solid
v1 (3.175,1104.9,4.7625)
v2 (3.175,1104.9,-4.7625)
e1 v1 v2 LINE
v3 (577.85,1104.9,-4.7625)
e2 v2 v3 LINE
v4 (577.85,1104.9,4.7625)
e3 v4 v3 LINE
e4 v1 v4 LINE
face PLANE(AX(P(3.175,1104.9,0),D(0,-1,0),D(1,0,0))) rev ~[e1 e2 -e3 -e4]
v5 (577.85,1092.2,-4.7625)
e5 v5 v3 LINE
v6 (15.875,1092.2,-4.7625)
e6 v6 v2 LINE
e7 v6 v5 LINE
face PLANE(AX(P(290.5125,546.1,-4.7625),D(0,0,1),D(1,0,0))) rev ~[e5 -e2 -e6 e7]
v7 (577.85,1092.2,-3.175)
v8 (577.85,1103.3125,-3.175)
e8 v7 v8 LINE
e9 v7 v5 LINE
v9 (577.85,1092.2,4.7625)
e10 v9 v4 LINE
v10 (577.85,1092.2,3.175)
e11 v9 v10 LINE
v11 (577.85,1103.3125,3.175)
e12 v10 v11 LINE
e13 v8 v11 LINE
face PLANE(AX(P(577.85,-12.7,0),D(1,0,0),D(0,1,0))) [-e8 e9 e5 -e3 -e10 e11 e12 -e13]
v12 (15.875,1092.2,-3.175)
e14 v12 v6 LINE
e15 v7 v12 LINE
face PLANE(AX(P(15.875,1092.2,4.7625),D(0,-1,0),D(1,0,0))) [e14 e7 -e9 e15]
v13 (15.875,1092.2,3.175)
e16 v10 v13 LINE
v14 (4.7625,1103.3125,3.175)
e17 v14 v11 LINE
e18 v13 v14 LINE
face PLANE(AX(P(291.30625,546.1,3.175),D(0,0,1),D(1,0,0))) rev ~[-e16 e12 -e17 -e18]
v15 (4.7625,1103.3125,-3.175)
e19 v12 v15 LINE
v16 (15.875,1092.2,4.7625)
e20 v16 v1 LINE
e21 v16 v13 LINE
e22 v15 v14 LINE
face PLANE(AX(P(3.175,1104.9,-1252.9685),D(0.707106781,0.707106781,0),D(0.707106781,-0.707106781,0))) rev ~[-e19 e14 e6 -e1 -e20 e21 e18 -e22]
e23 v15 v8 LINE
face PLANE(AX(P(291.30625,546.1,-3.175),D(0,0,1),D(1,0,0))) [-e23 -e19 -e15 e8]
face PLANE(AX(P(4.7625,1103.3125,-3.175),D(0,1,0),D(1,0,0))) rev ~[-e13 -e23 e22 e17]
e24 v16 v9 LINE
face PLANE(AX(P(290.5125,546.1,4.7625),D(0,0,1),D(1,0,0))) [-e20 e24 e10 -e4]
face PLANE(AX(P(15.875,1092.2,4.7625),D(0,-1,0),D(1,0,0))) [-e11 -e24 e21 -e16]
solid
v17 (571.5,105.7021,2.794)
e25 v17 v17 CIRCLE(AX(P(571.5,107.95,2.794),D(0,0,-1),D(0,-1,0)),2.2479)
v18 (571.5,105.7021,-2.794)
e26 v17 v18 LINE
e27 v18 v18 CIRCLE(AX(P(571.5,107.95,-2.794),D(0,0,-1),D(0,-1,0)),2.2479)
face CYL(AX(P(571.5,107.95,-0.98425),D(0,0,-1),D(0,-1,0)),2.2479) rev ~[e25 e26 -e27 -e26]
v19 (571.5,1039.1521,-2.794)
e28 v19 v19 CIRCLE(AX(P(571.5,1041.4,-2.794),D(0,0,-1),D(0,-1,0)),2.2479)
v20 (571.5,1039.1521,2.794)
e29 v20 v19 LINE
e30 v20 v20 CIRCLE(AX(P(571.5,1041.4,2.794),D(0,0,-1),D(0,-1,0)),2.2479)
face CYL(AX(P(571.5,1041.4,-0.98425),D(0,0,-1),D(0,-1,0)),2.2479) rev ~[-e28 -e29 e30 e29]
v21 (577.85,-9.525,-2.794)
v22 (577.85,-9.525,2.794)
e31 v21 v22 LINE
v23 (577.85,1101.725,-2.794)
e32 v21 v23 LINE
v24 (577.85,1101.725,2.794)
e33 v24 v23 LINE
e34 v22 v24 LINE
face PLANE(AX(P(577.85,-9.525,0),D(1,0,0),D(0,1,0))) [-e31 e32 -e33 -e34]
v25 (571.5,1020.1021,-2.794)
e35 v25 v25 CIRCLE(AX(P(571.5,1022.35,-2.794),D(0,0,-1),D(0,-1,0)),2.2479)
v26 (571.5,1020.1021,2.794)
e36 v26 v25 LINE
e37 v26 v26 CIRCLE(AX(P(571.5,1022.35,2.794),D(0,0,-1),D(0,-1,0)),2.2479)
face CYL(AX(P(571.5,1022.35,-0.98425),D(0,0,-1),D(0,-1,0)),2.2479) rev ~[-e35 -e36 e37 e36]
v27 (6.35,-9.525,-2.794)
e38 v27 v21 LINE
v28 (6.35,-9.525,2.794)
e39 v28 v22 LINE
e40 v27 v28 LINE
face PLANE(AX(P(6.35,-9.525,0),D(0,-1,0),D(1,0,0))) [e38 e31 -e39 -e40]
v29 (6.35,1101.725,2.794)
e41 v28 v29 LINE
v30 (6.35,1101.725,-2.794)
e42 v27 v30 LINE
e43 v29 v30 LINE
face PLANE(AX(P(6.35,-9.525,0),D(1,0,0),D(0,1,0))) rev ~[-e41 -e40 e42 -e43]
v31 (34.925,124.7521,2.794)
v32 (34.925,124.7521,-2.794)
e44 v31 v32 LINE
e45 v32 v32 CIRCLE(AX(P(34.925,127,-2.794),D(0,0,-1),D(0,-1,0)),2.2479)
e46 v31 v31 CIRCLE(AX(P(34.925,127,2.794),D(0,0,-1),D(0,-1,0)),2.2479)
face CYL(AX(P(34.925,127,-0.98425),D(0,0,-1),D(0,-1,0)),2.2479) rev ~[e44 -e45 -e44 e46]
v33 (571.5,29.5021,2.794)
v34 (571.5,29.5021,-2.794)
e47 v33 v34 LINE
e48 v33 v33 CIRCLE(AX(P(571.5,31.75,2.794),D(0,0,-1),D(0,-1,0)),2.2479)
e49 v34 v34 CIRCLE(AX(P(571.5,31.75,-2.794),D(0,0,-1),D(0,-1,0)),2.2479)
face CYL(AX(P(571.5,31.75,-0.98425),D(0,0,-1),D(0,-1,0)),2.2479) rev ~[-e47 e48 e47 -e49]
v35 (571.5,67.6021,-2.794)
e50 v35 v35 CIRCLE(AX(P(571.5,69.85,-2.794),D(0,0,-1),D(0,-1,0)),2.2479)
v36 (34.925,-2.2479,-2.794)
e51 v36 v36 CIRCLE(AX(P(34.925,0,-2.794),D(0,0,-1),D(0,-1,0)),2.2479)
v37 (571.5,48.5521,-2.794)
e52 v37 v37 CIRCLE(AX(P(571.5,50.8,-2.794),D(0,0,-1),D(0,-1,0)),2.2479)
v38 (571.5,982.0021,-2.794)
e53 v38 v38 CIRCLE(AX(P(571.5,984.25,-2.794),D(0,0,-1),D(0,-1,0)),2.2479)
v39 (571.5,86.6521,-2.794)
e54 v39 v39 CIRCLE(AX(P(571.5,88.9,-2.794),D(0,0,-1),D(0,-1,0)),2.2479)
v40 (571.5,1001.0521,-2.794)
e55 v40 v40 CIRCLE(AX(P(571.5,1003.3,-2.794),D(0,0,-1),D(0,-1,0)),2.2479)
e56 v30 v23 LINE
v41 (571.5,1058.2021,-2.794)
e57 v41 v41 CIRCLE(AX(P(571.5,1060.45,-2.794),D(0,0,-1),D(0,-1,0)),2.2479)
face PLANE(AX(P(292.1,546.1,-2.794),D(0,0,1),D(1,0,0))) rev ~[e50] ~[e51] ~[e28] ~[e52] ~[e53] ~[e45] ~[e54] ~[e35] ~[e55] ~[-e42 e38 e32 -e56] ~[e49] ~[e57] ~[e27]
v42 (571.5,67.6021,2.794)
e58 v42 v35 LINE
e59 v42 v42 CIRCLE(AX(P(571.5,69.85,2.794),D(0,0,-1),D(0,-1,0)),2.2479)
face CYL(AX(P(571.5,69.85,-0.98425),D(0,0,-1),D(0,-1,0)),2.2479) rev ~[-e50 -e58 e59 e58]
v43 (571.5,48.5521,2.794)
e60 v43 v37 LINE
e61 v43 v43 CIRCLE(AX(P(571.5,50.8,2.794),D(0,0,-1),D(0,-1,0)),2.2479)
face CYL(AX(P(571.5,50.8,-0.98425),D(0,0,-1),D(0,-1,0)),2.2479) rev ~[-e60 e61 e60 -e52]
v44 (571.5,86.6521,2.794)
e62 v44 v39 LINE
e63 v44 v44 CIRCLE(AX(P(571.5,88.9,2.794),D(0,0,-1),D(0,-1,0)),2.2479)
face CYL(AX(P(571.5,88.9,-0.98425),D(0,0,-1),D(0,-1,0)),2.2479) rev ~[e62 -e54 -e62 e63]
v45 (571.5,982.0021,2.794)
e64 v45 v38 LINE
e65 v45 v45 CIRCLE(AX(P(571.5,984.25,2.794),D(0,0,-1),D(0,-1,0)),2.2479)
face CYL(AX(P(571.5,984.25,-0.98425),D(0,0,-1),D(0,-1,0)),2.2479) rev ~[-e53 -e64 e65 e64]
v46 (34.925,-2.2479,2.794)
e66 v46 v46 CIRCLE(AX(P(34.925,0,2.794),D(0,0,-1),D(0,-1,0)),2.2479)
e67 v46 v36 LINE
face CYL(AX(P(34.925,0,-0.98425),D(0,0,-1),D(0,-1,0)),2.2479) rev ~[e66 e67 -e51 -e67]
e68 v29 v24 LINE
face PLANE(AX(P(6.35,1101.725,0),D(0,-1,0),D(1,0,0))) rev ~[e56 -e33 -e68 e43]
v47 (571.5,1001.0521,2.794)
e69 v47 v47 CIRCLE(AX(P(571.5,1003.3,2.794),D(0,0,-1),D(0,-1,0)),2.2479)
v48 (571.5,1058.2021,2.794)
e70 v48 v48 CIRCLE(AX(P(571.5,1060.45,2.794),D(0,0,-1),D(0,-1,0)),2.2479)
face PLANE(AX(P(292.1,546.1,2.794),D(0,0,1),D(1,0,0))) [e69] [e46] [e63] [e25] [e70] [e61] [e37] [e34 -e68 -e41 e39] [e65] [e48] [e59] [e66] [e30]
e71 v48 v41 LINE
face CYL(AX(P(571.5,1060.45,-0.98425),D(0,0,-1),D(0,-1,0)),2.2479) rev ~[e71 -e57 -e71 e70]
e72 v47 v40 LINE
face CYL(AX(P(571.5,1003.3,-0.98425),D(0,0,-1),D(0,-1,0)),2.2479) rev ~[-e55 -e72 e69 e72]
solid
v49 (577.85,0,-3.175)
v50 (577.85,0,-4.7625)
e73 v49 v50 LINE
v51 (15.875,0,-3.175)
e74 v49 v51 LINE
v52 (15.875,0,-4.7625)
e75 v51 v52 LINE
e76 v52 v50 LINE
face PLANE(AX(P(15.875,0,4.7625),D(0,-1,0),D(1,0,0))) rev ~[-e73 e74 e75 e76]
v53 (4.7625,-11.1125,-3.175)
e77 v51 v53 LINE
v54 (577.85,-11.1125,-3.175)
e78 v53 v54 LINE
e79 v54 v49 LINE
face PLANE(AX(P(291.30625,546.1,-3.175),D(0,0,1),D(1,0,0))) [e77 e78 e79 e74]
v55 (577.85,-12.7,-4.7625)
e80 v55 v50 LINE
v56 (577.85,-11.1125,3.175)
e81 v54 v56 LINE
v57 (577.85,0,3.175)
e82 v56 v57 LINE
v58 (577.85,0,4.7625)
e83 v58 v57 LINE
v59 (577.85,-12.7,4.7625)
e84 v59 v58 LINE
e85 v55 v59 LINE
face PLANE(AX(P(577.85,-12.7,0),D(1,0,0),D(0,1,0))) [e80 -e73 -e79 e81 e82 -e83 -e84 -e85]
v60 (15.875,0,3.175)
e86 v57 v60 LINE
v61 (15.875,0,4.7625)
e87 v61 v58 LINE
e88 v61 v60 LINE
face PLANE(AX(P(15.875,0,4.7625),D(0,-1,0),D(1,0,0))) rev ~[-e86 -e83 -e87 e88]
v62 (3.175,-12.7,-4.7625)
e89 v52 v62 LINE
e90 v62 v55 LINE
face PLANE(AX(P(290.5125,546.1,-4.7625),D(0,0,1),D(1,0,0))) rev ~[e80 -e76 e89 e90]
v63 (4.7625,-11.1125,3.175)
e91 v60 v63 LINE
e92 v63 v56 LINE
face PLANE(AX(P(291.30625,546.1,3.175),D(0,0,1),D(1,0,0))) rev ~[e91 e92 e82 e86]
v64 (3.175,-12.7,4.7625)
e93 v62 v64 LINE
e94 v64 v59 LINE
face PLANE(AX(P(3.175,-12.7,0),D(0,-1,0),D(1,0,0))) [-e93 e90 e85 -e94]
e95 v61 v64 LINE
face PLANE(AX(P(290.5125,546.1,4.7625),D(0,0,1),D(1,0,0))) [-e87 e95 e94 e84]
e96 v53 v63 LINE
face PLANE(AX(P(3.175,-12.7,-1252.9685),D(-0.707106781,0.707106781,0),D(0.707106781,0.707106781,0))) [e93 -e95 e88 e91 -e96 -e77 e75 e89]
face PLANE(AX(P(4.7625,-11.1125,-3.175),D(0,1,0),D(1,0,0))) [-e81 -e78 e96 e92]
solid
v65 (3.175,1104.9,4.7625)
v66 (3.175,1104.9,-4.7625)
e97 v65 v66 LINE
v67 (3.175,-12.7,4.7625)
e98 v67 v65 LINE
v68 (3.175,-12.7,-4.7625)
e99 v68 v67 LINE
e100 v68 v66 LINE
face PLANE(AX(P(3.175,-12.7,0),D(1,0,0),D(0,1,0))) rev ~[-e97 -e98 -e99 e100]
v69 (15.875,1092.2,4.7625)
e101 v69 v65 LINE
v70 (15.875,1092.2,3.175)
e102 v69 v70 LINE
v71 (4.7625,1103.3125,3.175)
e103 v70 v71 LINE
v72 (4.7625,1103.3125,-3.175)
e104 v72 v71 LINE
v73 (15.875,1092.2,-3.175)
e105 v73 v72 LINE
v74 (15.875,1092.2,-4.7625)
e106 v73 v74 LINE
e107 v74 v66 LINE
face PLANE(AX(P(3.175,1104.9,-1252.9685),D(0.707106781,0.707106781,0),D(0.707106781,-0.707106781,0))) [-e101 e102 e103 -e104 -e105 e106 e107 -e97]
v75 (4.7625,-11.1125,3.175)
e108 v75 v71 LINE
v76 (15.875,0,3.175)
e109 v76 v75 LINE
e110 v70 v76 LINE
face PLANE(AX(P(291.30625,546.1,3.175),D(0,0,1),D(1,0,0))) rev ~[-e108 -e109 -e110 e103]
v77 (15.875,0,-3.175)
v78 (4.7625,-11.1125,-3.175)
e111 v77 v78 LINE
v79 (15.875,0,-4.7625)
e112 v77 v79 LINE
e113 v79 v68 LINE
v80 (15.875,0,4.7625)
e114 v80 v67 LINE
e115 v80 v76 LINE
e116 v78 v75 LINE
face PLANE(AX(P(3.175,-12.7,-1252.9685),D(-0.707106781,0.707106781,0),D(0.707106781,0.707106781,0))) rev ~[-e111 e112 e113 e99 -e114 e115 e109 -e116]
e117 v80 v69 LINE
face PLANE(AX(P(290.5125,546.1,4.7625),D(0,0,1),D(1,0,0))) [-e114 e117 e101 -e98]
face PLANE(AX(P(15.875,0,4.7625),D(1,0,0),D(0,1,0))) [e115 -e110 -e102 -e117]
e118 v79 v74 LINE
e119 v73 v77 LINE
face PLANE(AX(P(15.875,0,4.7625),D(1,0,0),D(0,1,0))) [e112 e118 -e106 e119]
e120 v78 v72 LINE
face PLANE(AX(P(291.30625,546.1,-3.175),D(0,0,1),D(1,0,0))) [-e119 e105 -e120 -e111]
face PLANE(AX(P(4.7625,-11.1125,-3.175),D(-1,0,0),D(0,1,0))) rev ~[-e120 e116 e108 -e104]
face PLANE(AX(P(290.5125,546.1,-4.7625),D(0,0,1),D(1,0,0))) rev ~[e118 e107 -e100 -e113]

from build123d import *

# Parameters (mm, degrees)
SKETCH2_W                             = 574.675
SKETCH2_H                             = 1117.6
FRAME_OUTER_DIMENSIONS_DEPTH          = 4.7625
SKETCH3_W                             = 561.975
SKETCH3_H                             = 1092.2
FRAME_INNER_DIMENSIONS_DEPTH          = 1247.91834461
FRAME_PROFILE_DEPTH                   = 3.175
FRAME_PROFILE_DEPTH_BACK              = 3.175
SKETCH4_W                             = 573.0875
SKETCH4_H                             = 1114.425
FRAME_SECTION_SPLIT_SURFACE_1_1_BACK  = 1257.731
FRAME_SECTION_SPLIT_SURFACE_1_1_DEPTH = 2515.462
FRAME_SECTION_SPLIT_SURFACE_1_2_BACK  = 1257.731
FRAME_SECTION_SPLIT_SURFACE_1_2_DEPTH = 2515.462
FRAME_SECTION_SPLIT_SURFACE_2_3_BACK  = 1257.731
FRAME_SECTION_SPLIT_SURFACE_2_3_DEPTH = 2515.462
FRAME_SECTION_SPLIT_SURFACE_2_4_BACK  = 1257.731
FRAME_SECTION_SPLIT_SURFACE_2_4_DEPTH = 2515.462
SKETCH5_W                             = 571.5
SKETCH5_H                             = 1111.25
DOOR_PANEL_DEPTH                      = 2.794
SKETCH9_W                             = 2.2479
SKETCH9_H                             = 7.5565
F_8_CLEARANCE_HOLE1_AT_2_COUNT        = 2
F_8_CLEARANCE_HOLE1_AT_2_PITCH        = 19.05
F_8_CLEARANCE_HOLE1_AT_3_COUNT        = 2
F_8_CLEARANCE_HOLE1_AT_3_PITCH        = 38.1
F_8_CLEARANCE_HOLE1_AT_4_COUNT        = 2
F_8_CLEARANCE_HOLE1_AT_4_PITCH        = 57.15
F_8_CLEARANCE_HOLE1_AT_5_COUNT        = 2
F_8_CLEARANCE_HOLE1_AT_5_PITCH        = 76.2
F_8_CLEARANCE_HOLE1_AT_6_COUNT        = 2
F_8_CLEARANCE_HOLE1_AT_6_PITCH        = 971.55
F_8_CLEARANCE_HOLE1_AT_7_COUNT        = 2
F_8_CLEARANCE_HOLE1_AT_7_PITCH        = 990.6
F_8_CLEARANCE_HOLE1_AT_8_COUNT        = 2
F_8_CLEARANCE_HOLE1_AT_8_PITCH        = 1009.65
F_8_CLEARANCE_HOLE1_AT_9_COUNT        = 2
F_8_CLEARANCE_HOLE1_AT_9_PITCH        = 1028.7
F_8_CLEARANCE_HOLE1_AT_10_COUNT       = 2
F_8_CLEARANCE_HOLE1_AT_10_PITCH       = 952.5
SKETCH12_W                            = 2.2479
SKETCH12_H                            = 7.5565
F_8_CLEARANCE_HOLE2_AT_2_COUNT        = 2
F_8_CLEARANCE_HOLE2_AT_2_PITCH        = 127


with BuildPart() as part:
    # Sketch2 → Frame outer dimensions (new, symmetric)
    with BuildSketch(Plane.XY):
        with Locations((290.5125, 546.1)):
            Rectangle(SKETCH2_W, SKETCH2_H)
    extrude(amount=FRAME_OUTER_DIMENSIONS_DEPTH, both=True)

    # Sketch3 → Frame inner dimensions (cut, through all)
    with BuildSketch(Plane.XY.offset(4.7625)):
        with Locations((296.8625, 546.1)):
            Rectangle(SKETCH3_W, SKETCH3_H)
    extrude(amount=-FRAME_INNER_DIMENSIONS_DEPTH, mode=Mode.SUBTRACT)

    # Sketch4 → Frame profile (cut, two sides: drawn at the far end of the back side and taken through both)
    with BuildSketch(Plane.XY.offset(-FRAME_PROFILE_DEPTH_BACK)):
        with Locations((291.30625, 546.1)):
            Rectangle(SKETCH4_W, SKETCH4_H)
    extrude(amount=FRAME_PROFILE_DEPTH + FRAME_PROFILE_DEPTH_BACK, mode=Mode.SUBTRACT)


with BuildPart() as body_2:
    # Frame section split: the piece behind the surface
    add(part.part)
    # Frame section split surface 1: a surface, the sketch's curves swept straight by 2515.462 mm
    with BuildLine(Plane.XY.offset(4.7625).offset(-FRAME_SECTION_SPLIT_SURFACE_1_1_BACK), mode=Mode.PRIVATE) as frame_section_split_surface_1_1_path:
        Line((3.175, 1104.9), (15.875, 1092.2))
    frame_section_split_surface_1_1 = Shell.extrude(frame_section_split_surface_1_1_path.wire(), (0 * FRAME_SECTION_SPLIT_SURFACE_1_1_DEPTH, 0 * FRAME_SECTION_SPLIT_SURFACE_1_1_DEPTH, 1 * FRAME_SECTION_SPLIT_SURFACE_1_1_DEPTH))
    split(bisect_by=frame_section_split_surface_1_1, keep=Keep.BOTTOM)


with BuildPart() as part_1:
    add(part.part)

    # Frame section split: split by a surface, the side it looks to stays
    # Frame section split surface 1: a surface, the sketch's curves swept straight by 2515.462 mm
    with BuildLine(Plane.XY.offset(4.7625).offset(-FRAME_SECTION_SPLIT_SURFACE_1_2_BACK), mode=Mode.PRIVATE) as frame_section_split_surface_1_2_path:
        Line((3.175, 1104.9), (15.875, 1092.2))
    frame_section_split_surface_1_2 = Shell.extrude(frame_section_split_surface_1_2_path.wire(), (0 * FRAME_SECTION_SPLIT_SURFACE_1_2_DEPTH, 0 * FRAME_SECTION_SPLIT_SURFACE_1_2_DEPTH, 1 * FRAME_SECTION_SPLIT_SURFACE_1_2_DEPTH))
    split(bisect_by=frame_section_split_surface_1_2, keep=Keep.TOP)


with BuildPart() as body_3:
    # Frame section split 2 body 2: the piece behind the surface
    add(body_2.part)
    # Frame section split surface 2: a surface, the sketch's curves swept straight by 2515.462 mm
    with BuildLine(Plane.XY.offset(4.7625).offset(-FRAME_SECTION_SPLIT_SURFACE_2_3_BACK), mode=Mode.PRIVATE) as frame_section_split_surface_2_3_path:
        Line((3.175, -12.7), (15.875, 0))
    frame_section_split_surface_2_3 = Shell.extrude(frame_section_split_surface_2_3_path.wire(), (0 * FRAME_SECTION_SPLIT_SURFACE_2_3_DEPTH, 0 * FRAME_SECTION_SPLIT_SURFACE_2_3_DEPTH, 1 * FRAME_SECTION_SPLIT_SURFACE_2_3_DEPTH))
    split(bisect_by=frame_section_split_surface_2_3, keep=Keep.BOTTOM)


with BuildPart() as body_2_1:
    add(body_2.part)

    # Frame section split 2 body 2: split by a surface, the side it looks to stays
    # Frame section split surface 2: a surface, the sketch's curves swept straight by 2515.462 mm
    with BuildLine(Plane.XY.offset(4.7625).offset(-FRAME_SECTION_SPLIT_SURFACE_2_4_BACK), mode=Mode.PRIVATE) as frame_section_split_surface_2_4_path:
        Line((3.175, -12.7), (15.875, 0))
    frame_section_split_surface_2_4 = Shell.extrude(frame_section_split_surface_2_4_path.wire(), (0 * FRAME_SECTION_SPLIT_SURFACE_2_4_DEPTH, 0 * FRAME_SECTION_SPLIT_SURFACE_2_4_DEPTH, 1 * FRAME_SECTION_SPLIT_SURFACE_2_4_DEPTH))
    split(bisect_by=frame_section_split_surface_2_4, keep=Keep.TOP)


with BuildPart() as body_4:
    # Sketch5 → Door panel (new, symmetric)
    with BuildSketch(Plane.XY):
        with Locations((292.1, 546.1)):
            Rectangle(SKETCH5_W, SKETCH5_H)
    extrude(amount=DOOR_PANEL_DEPTH, both=True)

    # Sketch9 → #8 Clearance Hole1 (revolve, cut)
    with BuildSketch(Plane(origin=(571.5, 31.75, 2.794), x_dir=(0, -1, 0), z_dir=(1, 0, 0))):
        with Locations((1.12395, 3.77825)):
            Rectangle(SKETCH9_W, SKETCH9_H)
    f_8_clearance_hole1 = revolve(axis=Axis((571.5, 31.75, 9.144), (0, 0, -1)), mode=Mode.SUBTRACT)

    # #8 Clearance Hole1 at 2: #8 Clearance Hole1 ×2
    with Locations(*[(0, i * F_8_CLEARANCE_HOLE1_AT_2_PITCH, 0) for i in range(1, F_8_CLEARANCE_HOLE1_AT_2_COUNT)]):
        add(f_8_clearance_hole1, mode=Mode.SUBTRACT)

    # #8 Clearance Hole1 at 3: #8 Clearance Hole1 ×2
    with Locations(*[(0, i * F_8_CLEARANCE_HOLE1_AT_3_PITCH, 0) for i in range(1, F_8_CLEARANCE_HOLE1_AT_3_COUNT)]):
        add(f_8_clearance_hole1, mode=Mode.SUBTRACT)

    # #8 Clearance Hole1 at 4: #8 Clearance Hole1 ×2
    with Locations(*[(0, i * F_8_CLEARANCE_HOLE1_AT_4_PITCH, 0) for i in range(1, F_8_CLEARANCE_HOLE1_AT_4_COUNT)]):
        add(f_8_clearance_hole1, mode=Mode.SUBTRACT)

    # #8 Clearance Hole1 at 5: #8 Clearance Hole1 ×2
    with Locations(*[(0, i * F_8_CLEARANCE_HOLE1_AT_5_PITCH, 0) for i in range(1, F_8_CLEARANCE_HOLE1_AT_5_COUNT)]):
        add(f_8_clearance_hole1, mode=Mode.SUBTRACT)

    # #8 Clearance Hole1 at 6: #8 Clearance Hole1 ×2
    with Locations(*[(0, i * F_8_CLEARANCE_HOLE1_AT_6_PITCH, 0) for i in range(1, F_8_CLEARANCE_HOLE1_AT_6_COUNT)]):
        add(f_8_clearance_hole1, mode=Mode.SUBTRACT)

    # #8 Clearance Hole1 at 7: #8 Clearance Hole1 ×2
    with Locations(*[(0, i * F_8_CLEARANCE_HOLE1_AT_7_PITCH, 0) for i in range(1, F_8_CLEARANCE_HOLE1_AT_7_COUNT)]):
        add(f_8_clearance_hole1, mode=Mode.SUBTRACT)

    # #8 Clearance Hole1 at 8: #8 Clearance Hole1 ×2
    with Locations(*[(0, i * F_8_CLEARANCE_HOLE1_AT_8_PITCH, 0) for i in range(1, F_8_CLEARANCE_HOLE1_AT_8_COUNT)]):
        add(f_8_clearance_hole1, mode=Mode.SUBTRACT)

    # #8 Clearance Hole1 at 9: #8 Clearance Hole1 ×2
    with Locations(*[(0, i * F_8_CLEARANCE_HOLE1_AT_9_PITCH, 0) for i in range(1, F_8_CLEARANCE_HOLE1_AT_9_COUNT)]):
        add(f_8_clearance_hole1, mode=Mode.SUBTRACT)

    # #8 Clearance Hole1 at 10: #8 Clearance Hole1 ×2
    with Locations(*[(0, i * F_8_CLEARANCE_HOLE1_AT_10_PITCH, 0) for i in range(1, F_8_CLEARANCE_HOLE1_AT_10_COUNT)]):
        add(f_8_clearance_hole1, mode=Mode.SUBTRACT)

    # Sketch12 → #8 Clearance Hole2 (revolve, cut)
    with BuildSketch(Plane(origin=(34.925, 0, 2.794), x_dir=(0, -1, 0), z_dir=(1, 0, 0))):
        with Locations((1.12395, 3.77825)):
            Rectangle(SKETCH12_W, SKETCH12_H)
    f_8_clearance_hole2 = revolve(axis=Axis((34.925, 0, 9.144), (0, 0, -1)), mode=Mode.SUBTRACT)

    # #8 Clearance Hole2 at 2: #8 Clearance Hole2 ×2
    with Locations(*[(0, i * F_8_CLEARANCE_HOLE2_AT_2_PITCH, 0) for i in range(1, F_8_CLEARANCE_HOLE2_AT_2_COUNT)]):
        add(f_8_clearance_hole2, mode=Mode.SUBTRACT)


with BuildPart() as body_5:
    # Mirror1: mirrored copy
    add(part_1.part.mirror(Plane(origin=(0, 0, 0), x_dir=(0, 0, 1), z_dir=(1, 0, 0))))


with BuildPart() as body_6:
    # Mirror1 2: mirrored copy
    add(body_2_1.part.mirror(Plane(origin=(0, 0, 0), x_dir=(0, 0, 1), z_dir=(1, 0, 0))))


with BuildPart() as body_7:
    # Mirror1 3: mirrored copy
    add(body_3.part.mirror(Plane(origin=(0, 0, 0), x_dir=(0, 0, 1), z_dir=(1, 0, 0))))


with BuildPart() as body_8:
    # Mirror1 4: mirrored copy
    add(body_4.part.mirror(Plane(origin=(0, 0, 0), x_dir=(0, 0, 1), z_dir=(1, 0, 0))))


solid = Compound([part_1.part, body_3.part, body_2_1.part, body_4.part])
